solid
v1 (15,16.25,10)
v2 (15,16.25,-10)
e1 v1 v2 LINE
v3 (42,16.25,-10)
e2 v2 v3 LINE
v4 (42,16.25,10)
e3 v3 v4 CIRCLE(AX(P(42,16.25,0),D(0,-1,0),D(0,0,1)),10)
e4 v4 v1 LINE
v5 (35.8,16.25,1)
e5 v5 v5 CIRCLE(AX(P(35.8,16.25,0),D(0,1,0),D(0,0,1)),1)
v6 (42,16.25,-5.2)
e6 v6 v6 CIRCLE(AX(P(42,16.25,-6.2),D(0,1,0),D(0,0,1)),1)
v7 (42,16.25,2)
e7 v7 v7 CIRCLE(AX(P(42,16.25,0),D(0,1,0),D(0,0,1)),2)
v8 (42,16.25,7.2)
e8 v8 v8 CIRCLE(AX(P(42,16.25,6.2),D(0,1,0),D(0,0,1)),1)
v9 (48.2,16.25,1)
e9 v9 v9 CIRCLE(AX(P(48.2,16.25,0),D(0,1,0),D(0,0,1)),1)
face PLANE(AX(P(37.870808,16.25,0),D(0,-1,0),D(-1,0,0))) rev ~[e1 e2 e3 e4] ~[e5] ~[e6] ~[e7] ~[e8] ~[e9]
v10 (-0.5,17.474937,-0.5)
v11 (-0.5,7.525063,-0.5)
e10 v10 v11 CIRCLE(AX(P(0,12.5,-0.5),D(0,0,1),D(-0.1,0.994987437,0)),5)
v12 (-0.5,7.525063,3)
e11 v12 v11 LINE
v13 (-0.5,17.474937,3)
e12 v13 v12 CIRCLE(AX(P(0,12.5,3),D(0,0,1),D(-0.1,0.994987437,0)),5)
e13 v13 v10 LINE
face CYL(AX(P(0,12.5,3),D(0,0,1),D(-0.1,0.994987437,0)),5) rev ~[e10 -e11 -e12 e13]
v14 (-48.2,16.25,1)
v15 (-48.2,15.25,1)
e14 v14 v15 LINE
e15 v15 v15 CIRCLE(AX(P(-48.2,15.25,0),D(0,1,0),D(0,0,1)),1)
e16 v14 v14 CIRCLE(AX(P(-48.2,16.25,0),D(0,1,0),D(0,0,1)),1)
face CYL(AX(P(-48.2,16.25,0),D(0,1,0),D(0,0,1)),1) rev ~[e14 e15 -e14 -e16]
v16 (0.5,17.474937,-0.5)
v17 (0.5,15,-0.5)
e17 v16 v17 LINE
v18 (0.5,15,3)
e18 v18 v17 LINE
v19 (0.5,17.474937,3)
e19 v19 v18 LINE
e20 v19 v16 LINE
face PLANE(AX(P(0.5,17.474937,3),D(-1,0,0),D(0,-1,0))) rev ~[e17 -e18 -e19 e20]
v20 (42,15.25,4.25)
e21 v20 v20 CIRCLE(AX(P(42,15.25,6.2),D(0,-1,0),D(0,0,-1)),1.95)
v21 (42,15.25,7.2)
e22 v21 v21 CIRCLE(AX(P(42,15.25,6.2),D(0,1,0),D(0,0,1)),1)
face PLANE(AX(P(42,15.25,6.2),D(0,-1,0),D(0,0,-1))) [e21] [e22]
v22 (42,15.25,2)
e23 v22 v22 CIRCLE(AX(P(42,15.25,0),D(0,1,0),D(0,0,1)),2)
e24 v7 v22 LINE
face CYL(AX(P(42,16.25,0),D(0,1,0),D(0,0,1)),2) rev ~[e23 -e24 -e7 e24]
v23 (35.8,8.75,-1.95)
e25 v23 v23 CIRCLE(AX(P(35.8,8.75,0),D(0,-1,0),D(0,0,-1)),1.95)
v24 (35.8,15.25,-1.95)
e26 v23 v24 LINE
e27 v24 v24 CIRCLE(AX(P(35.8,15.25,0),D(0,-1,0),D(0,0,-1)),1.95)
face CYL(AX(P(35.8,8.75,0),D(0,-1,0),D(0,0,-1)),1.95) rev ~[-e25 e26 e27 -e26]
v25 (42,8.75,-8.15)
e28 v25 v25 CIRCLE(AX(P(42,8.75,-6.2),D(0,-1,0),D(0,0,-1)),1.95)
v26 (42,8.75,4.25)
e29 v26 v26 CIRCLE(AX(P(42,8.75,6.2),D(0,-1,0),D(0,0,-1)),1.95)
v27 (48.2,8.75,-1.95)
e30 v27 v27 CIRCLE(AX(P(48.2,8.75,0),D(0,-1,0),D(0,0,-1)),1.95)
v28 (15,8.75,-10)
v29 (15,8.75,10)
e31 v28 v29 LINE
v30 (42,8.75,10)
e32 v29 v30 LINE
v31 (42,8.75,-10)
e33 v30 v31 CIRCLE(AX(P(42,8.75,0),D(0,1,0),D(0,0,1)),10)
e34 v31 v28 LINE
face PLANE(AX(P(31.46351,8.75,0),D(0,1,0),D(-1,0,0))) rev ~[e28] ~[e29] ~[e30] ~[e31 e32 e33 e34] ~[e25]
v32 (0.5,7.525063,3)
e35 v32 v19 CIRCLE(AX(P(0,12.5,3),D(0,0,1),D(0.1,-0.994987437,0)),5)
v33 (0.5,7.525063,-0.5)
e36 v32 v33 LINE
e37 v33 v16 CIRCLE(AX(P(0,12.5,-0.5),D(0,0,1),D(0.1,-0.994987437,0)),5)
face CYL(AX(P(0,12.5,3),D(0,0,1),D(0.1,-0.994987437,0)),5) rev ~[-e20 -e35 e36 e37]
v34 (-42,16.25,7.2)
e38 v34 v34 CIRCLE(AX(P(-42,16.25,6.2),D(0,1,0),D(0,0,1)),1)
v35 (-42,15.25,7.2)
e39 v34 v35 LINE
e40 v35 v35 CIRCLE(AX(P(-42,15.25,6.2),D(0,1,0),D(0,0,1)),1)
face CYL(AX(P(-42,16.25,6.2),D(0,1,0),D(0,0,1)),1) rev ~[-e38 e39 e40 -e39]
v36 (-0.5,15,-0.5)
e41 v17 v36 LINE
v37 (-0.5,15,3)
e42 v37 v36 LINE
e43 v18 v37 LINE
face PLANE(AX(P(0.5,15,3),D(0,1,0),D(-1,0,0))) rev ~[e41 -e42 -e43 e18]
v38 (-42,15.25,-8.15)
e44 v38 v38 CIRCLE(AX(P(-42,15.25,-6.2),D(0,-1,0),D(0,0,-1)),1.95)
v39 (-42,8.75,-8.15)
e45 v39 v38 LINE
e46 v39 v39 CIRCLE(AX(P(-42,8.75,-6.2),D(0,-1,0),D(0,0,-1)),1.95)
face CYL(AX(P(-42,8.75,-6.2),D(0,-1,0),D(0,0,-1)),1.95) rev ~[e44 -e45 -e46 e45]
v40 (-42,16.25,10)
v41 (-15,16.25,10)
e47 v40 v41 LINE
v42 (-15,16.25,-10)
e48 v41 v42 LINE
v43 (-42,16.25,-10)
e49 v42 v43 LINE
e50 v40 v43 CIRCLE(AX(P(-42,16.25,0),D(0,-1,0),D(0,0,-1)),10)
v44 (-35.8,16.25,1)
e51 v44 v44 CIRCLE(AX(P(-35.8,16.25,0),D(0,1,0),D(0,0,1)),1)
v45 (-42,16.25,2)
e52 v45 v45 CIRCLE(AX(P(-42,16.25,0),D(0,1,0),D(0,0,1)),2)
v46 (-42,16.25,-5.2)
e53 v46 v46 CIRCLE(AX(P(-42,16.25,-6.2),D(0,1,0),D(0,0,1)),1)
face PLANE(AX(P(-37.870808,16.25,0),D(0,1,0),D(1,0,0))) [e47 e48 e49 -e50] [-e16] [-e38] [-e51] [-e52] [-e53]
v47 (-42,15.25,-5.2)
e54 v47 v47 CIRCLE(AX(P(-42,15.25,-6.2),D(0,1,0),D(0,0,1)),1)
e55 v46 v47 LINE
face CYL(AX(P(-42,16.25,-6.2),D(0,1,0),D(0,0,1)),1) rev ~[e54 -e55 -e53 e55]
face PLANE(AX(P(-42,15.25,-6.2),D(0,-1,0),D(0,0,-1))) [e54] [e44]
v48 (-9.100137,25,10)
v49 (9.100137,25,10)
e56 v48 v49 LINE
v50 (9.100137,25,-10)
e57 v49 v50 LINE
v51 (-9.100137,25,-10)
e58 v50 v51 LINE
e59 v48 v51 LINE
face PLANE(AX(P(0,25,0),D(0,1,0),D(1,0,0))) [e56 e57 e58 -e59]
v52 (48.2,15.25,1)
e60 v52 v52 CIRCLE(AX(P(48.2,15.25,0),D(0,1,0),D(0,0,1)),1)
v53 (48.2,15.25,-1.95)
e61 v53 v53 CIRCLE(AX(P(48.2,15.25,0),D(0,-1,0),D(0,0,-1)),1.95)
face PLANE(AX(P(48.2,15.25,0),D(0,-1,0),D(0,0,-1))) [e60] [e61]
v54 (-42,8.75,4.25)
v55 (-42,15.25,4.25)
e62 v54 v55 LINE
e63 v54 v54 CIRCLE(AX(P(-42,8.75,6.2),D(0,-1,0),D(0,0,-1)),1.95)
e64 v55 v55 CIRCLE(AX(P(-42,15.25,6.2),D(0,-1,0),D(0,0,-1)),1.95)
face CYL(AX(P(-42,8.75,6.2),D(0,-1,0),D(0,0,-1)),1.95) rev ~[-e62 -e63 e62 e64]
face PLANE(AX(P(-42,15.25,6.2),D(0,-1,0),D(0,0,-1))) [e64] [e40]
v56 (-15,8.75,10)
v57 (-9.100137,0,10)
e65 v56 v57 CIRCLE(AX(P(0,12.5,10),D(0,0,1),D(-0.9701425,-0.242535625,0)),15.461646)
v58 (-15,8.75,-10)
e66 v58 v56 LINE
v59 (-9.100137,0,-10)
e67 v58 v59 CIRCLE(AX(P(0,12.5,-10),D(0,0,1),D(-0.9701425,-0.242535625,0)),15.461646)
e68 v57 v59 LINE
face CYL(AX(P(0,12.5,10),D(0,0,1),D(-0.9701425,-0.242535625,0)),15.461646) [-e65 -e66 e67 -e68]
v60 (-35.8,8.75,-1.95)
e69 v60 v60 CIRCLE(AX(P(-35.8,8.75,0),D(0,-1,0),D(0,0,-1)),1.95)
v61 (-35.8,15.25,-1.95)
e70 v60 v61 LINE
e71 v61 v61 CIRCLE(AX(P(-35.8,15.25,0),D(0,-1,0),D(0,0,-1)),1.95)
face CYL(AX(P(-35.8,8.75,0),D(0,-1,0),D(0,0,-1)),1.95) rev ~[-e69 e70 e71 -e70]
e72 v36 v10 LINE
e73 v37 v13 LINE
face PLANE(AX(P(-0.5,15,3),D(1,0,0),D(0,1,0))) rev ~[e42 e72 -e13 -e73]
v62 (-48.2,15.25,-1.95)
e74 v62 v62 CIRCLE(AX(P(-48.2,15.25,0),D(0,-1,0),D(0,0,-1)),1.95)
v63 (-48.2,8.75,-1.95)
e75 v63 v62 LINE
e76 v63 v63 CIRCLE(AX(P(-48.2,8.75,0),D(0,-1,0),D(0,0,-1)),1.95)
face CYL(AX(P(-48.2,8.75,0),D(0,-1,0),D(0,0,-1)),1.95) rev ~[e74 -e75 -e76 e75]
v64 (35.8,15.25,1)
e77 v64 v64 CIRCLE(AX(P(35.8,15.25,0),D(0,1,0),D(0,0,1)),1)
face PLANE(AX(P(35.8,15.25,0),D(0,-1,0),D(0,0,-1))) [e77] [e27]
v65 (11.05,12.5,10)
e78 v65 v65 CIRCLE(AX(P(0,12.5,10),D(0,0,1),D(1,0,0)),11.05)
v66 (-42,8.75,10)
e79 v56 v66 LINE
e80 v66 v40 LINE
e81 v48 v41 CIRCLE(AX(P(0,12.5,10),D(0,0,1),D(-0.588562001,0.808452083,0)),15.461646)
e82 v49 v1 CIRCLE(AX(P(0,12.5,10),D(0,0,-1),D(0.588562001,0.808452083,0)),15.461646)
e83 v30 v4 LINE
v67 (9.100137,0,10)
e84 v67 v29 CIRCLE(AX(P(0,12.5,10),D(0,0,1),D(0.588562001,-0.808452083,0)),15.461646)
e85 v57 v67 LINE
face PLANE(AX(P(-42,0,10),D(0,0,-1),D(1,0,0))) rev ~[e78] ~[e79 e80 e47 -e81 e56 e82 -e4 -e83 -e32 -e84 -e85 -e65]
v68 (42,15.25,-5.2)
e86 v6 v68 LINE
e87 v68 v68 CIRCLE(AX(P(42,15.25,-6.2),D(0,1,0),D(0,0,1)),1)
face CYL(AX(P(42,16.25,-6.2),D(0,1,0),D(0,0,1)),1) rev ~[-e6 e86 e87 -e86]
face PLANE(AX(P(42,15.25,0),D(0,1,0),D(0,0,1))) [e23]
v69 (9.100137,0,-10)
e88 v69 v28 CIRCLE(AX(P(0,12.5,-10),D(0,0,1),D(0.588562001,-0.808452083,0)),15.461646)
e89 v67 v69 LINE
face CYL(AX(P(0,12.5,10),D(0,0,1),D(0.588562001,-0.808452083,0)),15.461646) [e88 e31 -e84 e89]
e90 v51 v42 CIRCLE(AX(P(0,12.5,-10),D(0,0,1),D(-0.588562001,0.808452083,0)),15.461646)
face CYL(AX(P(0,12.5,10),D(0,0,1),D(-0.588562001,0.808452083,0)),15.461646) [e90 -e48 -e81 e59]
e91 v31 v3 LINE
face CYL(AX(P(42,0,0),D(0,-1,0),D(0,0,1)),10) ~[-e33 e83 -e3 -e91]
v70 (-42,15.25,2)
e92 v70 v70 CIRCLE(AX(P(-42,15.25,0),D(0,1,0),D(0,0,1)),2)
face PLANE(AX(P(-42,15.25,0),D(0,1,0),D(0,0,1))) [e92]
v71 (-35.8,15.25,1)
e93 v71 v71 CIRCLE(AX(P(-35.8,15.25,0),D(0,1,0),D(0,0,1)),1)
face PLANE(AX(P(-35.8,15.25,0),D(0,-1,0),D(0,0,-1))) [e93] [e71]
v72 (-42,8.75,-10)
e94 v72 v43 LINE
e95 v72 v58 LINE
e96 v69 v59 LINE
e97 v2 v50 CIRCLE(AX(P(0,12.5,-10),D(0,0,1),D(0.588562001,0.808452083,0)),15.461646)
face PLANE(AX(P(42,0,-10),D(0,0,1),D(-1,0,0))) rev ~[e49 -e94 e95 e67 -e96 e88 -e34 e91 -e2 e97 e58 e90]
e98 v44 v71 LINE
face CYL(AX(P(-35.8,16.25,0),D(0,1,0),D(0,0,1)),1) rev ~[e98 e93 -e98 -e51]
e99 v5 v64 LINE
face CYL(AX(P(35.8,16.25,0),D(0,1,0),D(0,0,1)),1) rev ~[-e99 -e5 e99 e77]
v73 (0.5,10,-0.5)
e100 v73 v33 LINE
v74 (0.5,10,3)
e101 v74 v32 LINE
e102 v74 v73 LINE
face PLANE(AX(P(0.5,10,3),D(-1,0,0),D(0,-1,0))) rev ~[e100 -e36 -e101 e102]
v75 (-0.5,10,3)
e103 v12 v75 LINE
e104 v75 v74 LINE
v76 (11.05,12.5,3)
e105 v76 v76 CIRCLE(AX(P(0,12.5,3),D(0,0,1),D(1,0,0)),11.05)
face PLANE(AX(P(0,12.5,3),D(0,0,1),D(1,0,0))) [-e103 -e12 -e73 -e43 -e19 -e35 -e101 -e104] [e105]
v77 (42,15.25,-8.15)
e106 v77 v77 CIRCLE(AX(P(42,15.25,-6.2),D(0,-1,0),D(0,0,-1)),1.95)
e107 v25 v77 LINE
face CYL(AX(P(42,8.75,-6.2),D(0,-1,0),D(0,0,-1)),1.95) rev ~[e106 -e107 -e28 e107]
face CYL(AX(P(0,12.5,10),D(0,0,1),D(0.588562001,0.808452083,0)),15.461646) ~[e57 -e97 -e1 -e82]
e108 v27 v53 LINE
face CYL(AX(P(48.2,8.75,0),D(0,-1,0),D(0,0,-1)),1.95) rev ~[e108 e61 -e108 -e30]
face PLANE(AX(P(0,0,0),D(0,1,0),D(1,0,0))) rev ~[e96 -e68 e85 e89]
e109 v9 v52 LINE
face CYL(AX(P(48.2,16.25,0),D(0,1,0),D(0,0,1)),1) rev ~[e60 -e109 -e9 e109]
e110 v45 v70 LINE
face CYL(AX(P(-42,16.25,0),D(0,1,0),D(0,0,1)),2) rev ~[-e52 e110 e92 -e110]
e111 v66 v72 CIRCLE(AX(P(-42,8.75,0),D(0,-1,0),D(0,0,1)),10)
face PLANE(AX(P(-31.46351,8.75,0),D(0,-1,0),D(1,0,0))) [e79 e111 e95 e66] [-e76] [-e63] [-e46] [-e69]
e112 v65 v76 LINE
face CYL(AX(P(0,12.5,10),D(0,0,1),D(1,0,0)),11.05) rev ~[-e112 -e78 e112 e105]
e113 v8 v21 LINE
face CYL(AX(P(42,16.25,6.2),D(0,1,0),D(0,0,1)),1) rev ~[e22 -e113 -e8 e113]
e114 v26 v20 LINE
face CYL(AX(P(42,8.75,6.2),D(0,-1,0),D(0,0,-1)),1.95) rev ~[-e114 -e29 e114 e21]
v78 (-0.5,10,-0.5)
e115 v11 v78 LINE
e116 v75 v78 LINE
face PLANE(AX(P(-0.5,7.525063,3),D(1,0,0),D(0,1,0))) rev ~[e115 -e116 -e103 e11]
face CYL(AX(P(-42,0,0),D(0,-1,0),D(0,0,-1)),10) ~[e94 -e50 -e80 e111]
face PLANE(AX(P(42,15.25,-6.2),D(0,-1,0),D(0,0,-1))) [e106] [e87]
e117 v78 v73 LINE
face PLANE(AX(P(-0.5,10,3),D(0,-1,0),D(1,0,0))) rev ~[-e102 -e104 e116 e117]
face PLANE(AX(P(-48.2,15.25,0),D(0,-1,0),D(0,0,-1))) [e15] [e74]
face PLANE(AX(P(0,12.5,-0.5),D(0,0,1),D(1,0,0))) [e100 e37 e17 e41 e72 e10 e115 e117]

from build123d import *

# Parameters (mm, degrees)
BOSS_EXTRUDE1_DEPTH = 25
SKETCH2_R           = 11.05
CUT_EXTRUDE1_DEPTH  = 7
CUT_EXTRUDE3_DEPTH  = 8.75
CUT_EXTRUDE5_DEPTH  = 8.75
SKETCH5_R           = 1
CUT_EXTRUDE6_DEPTH  = 7.5
SKETCH6_R           = 1.95
CUT_EXTRUDE7_DEPTH  = 6.5
SKETCH7_R           = 2
CUT_EXTRUDE8_DEPTH  = 1
CUT_EXTRUDE9_DEPTH  = 62.065538563
CUT_EXTRUDE10_DEPTH = 3.5


with BuildPart() as part:
    # Sketch1 → Boss-Extrude1 (new body)
    with BuildSketch(Plane(origin=(0, 0, 0), x_dir=(1, 0, 0), z_dir=(0, 1, 0))):
        with BuildLine():
            Line((-42, -10), (42, -10))
            ThreePointArc((42, -10), (52, 0), (42, 10))
            Line((42, 10), (-42, 10))
            ThreePointArc((-42, 10), (-52, 0), (-42, -10))
        make_face()
    extrude(amount=BOSS_EXTRUDE1_DEPTH)

    # Sketch2 → Cut-Extrude1 (cut)
    with BuildSketch(Plane.XY.offset(10)):
        with Locations((0, 12.5)):
            Circle(SKETCH2_R)
    extrude(amount=-CUT_EXTRUDE1_DEPTH, mode=Mode.SUBTRACT)

    # Sketch3 → Cut-Extrude3 (cut)
    with BuildSketch(Plane.XZ):
        with BuildLine():
            Line((15, -10), (15, 10))
            Line((15, 10), (42, 10))
            ThreePointArc((42, 10), (52, 0), (42, -10))
            Line((42, -10), (15, -10))
        make_face()
        with BuildLine():
            Line((-15, -10), (-15, 10))
            Line((-15, 10), (-42, 10))
            ThreePointArc((-42, 10), (-52, 0), (-42, -10))
            Line((-42, -10), (-15, -10))
        make_face()
    extrude(amount=-CUT_EXTRUDE3_DEPTH, mode=Mode.SUBTRACT)

    # Sketch4 → Cut-Extrude5 (cut)
    with BuildSketch(Plane(origin=(0, 25, 0), x_dir=(1, 0, 0), z_dir=(0, 1, 0))):
        with BuildLine():
            Line((15, -10), (15, 10))
            Line((15, 10), (55, 10))
            ThreePointArc((55, 10), (65, 0), (55, -10))
            Line((55, -10), (15, -10))
        make_face()
        with BuildLine():
            Line((-15, -10), (-15, 10))
            Line((-15, 10), (-55, 10))
            ThreePointArc((-55, 10), (-65, 0), (-55, -10))
            Line((-55, -10), (-15, -10))
        make_face()
    extrude(amount=-CUT_EXTRUDE5_DEPTH, mode=Mode.SUBTRACT)

    # Sketch5 → Cut-Extrude6 (cut)
    with BuildSketch(Plane(origin=(0, 16.25, 0), x_dir=(1, 0, 0), z_dir=(0, 1, 0))):
        with Locations(Location((-42, 6.2, 0), (0, 0, 270))):
            Circle(SKETCH5_R)
        with Locations(Location((-35.8, 0, 0), (0, 0, 270))):
            Circle(SKETCH5_R)
        with Locations(Location((-42, -6.2, 0), (0, 0, 270))):
            Circle(SKETCH5_R)
        with Locations(Location((-48.2, 0, 0), (0, 0, 270))):
            Circle(SKETCH5_R)
        with Locations(Location((42, 6.2, 0), (0, 0, 270))):
            Circle(SKETCH5_R)
        with Locations(Location((48.2, 0, 0), (0, 0, 270))):
            Circle(SKETCH5_R)
        with Locations(Location((42, -6.2, 0), (0, 0, 270))):
            Circle(SKETCH5_R)
        with Locations(Location((35.8, 0, 0), (0, 0, 270))):
            Circle(SKETCH5_R)
    extrude(amount=-CUT_EXTRUDE6_DEPTH, mode=Mode.SUBTRACT)

    # Sketch6 → Cut-Extrude7 (cut)
    with BuildSketch(Plane.XZ.offset(-8.75)):
        with Locations(Location((-42, 6.2, 0), (0, 0, 270))):
            Circle(SKETCH6_R)
        with Locations(Location((-35.8, 0, 0), (0, 0, 270))):
            Circle(SKETCH6_R)
        with Locations(Location((-48.2, 0, 0), (0, 0, 270))):
            Circle(SKETCH6_R)
        with Locations(Location((-42, -6.2, 0), (0, 0, 270))):
            Circle(SKETCH6_R)
        with Locations(Location((42, 6.2, 0), (0, 0, 270))):
            Circle(SKETCH6_R)
        with Locations(Location((48.2, 0, 0), (0, 0, 270))):
            Circle(SKETCH6_R)
        with Locations(Location((35.8, 0, 0), (0, 0, 270))):
            Circle(SKETCH6_R)
        with Locations(Location((42, -6.2, 0), (0, 0, 270))):
            Circle(SKETCH6_R)
    extrude(amount=-CUT_EXTRUDE7_DEPTH, mode=Mode.SUBTRACT)

    # Sketch7 → Cut-Extrude8 (cut)
    with BuildSketch(Plane(origin=(0, 16.25, 0), x_dir=(1, 0, 0), z_dir=(0, 1, 0))):
        with Locations(Location((-42, 0, 0), (0, 0, 270))):
            Circle(SKETCH7_R)
        with Locations(Location((42, 0, 0), (0, 0, 270))):
            Circle(SKETCH7_R)
    extrude(amount=-CUT_EXTRUDE8_DEPTH, mode=Mode.SUBTRACT)

    # Sketch8 → Cut-Extrude9 (cut, through all)
    with BuildSketch(Plane.XY.offset(10)):
        with BuildLine():
            Line((-15, 16.25), (-15, 25))
            Line((-15, 25), (-9.100137362, 25))
            ThreePointArc((-9.100137362, 25), (-12.819702813, 21.143941218), (-15, 16.25))
        make_face()
        with BuildLine():
            Line((15, 0), (9.100137362, 0))
            ThreePointArc((9.100137362, 0), (12.819702813, 3.856058782), (15, 8.75))
            Line((15, 8.75), (15, 0))
        make_face()
        with BuildLine():
            Line((15, 25), (9.100137362, 25))
            ThreePointArc((9.100137362, 25), (12.819702813, 21.143941218), (15, 16.25))
            Line((15, 16.25), (15, 25))
        make_face()
        with BuildLine():
            Line((-15, 0), (-15, 8.75))
            ThreePointArc((-15, 8.75), (-12.819702813, 3.856058782), (-9.100137362, 0))
            Line((-9.100137362, 0), (-15, 0))
        make_face()
    extrude(amount=-CUT_EXTRUDE9_DEPTH, mode=Mode.SUBTRACT)

    # Sketch9 → Cut-Extrude10 (cut)
    with BuildSketch(Plane.XY.offset(3)):
        with BuildLine():
            Line((0.5, 10), (0.5, 7.525062814))
            ThreePointArc((0.5, 7.525062814), (5, 12.5), (0.5, 17.474937186))
            Line((0.5, 17.474937186), (0.5, 15))
            Line((0.5, 15), (-0.5, 15))
            Line((-0.5, 15), (-0.5, 17.474937186))
            ThreePointArc((-0.5, 17.474937186), (-5, 12.5), (-0.5, 7.525062814))
            Line((-0.5, 7.525062814), (-0.5, 10))
            Line((-0.5, 10), (0.5, 10))
        make_face()
    extrude(amount=-CUT_EXTRUDE10_DEPTH, mode=Mode.SUBTRACT)


solid = part.part
